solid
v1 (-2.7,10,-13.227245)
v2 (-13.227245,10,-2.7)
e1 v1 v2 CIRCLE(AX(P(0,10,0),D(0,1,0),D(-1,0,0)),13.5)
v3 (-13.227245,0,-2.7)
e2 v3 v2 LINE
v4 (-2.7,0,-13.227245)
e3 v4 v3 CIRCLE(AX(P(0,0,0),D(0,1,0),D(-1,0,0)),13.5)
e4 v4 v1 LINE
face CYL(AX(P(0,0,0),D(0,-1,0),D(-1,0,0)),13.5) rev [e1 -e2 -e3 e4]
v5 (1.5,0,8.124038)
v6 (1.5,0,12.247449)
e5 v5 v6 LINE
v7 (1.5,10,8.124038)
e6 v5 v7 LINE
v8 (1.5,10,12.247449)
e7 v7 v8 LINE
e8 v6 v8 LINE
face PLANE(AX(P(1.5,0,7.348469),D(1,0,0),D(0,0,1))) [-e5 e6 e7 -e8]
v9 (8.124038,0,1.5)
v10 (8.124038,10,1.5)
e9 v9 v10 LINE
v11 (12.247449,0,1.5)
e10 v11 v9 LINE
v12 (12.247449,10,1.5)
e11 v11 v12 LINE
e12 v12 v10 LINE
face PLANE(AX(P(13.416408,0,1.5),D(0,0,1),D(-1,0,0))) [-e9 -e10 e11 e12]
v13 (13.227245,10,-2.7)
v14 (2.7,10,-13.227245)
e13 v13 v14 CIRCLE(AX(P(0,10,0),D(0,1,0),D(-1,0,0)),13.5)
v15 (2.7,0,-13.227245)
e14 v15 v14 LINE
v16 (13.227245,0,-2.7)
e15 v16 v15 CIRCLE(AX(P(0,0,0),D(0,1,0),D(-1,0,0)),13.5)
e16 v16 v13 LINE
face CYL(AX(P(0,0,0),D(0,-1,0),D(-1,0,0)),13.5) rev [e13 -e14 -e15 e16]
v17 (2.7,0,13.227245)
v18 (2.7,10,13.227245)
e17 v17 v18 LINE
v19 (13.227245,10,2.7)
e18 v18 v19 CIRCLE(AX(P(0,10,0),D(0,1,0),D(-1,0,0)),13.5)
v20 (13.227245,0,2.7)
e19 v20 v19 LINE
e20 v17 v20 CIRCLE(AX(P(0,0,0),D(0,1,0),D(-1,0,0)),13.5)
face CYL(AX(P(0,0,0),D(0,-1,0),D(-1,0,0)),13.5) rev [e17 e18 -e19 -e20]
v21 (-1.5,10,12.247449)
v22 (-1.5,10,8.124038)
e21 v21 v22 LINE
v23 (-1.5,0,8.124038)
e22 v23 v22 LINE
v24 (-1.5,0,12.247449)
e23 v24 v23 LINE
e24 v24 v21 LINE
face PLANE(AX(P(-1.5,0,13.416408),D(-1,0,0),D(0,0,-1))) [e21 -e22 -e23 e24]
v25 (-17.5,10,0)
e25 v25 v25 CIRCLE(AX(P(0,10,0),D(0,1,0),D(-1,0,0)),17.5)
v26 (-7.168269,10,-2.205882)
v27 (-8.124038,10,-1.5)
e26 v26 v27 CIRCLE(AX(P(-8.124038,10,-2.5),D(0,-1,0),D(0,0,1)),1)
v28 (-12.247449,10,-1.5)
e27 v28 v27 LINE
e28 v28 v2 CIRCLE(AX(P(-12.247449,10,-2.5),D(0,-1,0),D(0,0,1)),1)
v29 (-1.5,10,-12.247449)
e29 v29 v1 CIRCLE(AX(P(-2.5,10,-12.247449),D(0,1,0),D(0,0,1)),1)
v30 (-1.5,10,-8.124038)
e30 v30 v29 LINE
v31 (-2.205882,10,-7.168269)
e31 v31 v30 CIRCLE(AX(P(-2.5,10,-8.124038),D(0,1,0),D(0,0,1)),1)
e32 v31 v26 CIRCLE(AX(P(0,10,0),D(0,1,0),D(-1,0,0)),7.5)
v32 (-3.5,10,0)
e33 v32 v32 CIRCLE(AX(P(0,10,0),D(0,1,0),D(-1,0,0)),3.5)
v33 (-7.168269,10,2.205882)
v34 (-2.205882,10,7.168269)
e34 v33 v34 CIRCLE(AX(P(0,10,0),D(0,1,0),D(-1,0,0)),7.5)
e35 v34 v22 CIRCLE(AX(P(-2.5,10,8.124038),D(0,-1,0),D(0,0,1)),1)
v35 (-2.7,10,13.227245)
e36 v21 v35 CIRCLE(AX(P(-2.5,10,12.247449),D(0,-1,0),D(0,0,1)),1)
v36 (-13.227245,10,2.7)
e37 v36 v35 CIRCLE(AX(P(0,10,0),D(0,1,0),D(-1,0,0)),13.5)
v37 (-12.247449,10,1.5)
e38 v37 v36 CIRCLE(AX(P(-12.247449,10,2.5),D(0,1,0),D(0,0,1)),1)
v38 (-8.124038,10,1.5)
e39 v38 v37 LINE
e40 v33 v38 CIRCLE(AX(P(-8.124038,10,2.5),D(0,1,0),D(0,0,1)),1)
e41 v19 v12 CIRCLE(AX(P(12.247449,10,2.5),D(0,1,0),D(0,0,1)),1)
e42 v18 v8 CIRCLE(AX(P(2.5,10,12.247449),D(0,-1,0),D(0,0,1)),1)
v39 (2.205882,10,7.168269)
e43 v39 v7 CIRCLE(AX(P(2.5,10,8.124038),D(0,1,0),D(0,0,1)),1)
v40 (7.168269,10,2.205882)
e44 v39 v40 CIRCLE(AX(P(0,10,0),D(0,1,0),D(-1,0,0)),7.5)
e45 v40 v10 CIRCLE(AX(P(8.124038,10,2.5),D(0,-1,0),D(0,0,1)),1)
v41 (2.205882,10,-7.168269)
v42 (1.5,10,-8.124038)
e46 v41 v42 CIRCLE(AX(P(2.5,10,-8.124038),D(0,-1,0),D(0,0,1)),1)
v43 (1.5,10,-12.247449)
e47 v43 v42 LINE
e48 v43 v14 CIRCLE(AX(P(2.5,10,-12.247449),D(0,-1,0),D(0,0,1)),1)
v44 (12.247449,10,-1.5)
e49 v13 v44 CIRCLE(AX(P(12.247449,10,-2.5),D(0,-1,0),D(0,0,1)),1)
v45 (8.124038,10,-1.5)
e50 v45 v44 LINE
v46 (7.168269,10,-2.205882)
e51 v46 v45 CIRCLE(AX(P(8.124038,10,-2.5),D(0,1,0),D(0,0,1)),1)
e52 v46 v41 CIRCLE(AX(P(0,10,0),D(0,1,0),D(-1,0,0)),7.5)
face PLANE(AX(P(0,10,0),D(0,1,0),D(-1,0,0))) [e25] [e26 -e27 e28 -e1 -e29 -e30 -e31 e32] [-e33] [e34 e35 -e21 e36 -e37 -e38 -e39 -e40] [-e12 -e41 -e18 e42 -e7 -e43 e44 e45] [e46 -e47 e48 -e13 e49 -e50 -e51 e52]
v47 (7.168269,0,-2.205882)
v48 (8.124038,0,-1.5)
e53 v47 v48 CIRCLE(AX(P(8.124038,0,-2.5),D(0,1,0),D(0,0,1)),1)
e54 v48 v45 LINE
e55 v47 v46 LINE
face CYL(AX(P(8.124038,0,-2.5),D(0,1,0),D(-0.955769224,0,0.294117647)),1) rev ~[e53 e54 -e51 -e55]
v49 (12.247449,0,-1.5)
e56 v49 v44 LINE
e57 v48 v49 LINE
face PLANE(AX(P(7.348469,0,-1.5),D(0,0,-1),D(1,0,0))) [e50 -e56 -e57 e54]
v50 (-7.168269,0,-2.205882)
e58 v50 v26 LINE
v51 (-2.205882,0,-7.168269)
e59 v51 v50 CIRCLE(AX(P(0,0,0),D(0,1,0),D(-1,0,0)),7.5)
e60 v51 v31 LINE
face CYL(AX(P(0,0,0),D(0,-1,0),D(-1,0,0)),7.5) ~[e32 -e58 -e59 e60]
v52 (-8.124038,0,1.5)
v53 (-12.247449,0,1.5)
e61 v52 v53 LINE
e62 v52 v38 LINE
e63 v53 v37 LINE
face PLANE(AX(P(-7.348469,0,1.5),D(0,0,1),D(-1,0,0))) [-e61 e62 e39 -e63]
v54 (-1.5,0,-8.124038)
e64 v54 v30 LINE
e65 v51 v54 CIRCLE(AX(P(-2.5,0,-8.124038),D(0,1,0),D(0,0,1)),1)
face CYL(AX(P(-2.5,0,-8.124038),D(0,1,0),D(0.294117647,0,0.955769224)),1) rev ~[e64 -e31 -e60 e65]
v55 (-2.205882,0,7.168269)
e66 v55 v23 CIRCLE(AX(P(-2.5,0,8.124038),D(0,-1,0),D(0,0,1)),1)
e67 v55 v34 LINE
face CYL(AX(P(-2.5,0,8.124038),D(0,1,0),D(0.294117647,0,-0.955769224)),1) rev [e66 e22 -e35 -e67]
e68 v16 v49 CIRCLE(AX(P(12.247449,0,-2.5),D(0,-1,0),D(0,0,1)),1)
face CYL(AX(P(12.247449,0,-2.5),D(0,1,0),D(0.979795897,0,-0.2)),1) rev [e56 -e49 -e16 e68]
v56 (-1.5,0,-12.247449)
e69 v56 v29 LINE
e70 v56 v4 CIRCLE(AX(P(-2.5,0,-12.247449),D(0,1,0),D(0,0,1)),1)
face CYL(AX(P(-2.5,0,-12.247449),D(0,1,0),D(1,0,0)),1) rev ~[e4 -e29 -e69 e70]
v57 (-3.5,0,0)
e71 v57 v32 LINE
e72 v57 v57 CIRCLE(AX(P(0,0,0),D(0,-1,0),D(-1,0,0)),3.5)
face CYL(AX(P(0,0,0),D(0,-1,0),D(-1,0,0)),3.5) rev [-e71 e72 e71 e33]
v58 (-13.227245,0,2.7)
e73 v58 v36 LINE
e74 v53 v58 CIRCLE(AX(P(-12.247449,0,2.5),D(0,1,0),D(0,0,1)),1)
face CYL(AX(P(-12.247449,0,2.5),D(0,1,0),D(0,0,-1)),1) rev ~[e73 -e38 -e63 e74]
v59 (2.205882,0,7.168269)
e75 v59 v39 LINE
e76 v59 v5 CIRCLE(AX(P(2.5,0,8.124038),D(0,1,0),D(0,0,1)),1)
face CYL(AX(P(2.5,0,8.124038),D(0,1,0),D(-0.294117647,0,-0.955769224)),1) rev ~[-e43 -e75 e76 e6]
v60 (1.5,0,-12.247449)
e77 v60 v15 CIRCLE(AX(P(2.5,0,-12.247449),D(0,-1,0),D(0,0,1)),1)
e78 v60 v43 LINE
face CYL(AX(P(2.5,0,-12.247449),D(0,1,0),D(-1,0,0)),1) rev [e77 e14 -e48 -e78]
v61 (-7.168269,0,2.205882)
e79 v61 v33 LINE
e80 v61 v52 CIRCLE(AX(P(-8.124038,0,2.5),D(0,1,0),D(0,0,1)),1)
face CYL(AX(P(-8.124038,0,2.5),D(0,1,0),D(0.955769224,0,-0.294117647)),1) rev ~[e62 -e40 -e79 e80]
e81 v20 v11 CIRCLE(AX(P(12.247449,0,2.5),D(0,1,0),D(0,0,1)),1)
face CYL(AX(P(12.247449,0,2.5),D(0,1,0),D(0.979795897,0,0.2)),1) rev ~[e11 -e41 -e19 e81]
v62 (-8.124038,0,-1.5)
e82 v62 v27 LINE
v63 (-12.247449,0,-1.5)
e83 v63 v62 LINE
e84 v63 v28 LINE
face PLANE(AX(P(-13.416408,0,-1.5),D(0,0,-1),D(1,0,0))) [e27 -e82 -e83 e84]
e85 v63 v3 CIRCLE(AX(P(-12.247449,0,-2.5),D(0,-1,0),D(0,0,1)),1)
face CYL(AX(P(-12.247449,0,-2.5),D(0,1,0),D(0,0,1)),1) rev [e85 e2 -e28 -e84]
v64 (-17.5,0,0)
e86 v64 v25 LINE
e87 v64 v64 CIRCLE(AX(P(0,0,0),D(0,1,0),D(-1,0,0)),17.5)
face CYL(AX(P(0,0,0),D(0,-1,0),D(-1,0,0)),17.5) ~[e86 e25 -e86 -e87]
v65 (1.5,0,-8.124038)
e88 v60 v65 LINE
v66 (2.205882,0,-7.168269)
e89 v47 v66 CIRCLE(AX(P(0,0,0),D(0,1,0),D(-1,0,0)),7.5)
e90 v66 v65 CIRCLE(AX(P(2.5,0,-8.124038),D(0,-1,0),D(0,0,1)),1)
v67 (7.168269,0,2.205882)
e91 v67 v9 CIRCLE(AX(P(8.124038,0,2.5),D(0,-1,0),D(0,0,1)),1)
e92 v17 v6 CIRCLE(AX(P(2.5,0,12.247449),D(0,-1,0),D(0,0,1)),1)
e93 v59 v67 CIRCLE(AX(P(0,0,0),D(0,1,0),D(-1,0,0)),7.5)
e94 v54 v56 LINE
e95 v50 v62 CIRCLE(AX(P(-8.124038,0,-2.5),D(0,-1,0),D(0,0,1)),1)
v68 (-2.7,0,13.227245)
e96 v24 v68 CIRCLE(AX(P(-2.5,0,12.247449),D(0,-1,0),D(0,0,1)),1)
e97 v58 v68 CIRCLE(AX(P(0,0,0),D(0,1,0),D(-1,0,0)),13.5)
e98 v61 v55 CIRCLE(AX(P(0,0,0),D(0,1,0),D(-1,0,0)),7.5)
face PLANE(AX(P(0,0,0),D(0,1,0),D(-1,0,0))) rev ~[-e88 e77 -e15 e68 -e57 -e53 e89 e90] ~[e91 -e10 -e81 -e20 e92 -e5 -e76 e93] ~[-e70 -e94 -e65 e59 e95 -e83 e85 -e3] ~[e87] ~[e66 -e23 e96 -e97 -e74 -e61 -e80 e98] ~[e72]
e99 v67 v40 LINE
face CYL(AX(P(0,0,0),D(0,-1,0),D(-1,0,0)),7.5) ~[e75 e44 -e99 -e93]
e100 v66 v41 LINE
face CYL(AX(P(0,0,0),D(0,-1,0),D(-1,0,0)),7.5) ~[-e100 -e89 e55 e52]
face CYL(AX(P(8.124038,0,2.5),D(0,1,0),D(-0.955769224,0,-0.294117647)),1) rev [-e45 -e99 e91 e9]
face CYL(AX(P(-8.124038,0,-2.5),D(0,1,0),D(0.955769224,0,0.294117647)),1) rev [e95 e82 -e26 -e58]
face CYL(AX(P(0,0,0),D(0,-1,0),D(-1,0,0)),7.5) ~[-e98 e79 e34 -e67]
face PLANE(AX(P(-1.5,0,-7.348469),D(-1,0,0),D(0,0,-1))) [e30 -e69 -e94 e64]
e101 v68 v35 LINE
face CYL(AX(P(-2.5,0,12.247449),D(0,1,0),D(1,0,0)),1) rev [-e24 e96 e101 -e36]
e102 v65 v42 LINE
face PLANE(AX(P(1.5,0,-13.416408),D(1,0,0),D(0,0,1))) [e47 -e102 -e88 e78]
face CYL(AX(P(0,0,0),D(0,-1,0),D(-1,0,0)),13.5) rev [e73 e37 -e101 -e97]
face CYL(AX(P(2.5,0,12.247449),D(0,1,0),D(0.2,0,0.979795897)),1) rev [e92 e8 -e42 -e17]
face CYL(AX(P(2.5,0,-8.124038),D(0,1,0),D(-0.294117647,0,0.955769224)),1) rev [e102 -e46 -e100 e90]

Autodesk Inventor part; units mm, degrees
ref_plane "YZ Plane" through (0, 0, 0) normal (1, 0, 0) x (0, 1, 0)
ref_plane "XZ Plane" through (0, 0, 0) normal (0, 1, 0) x (-1, 0, 0)
ref_plane "XY Plane" through (0, 0, 0) normal (0, 0, 1) x (1, 0, 0)
sketch "Sketch1" plane through (0, 0, 0) normal (0, 1, 0) x (-1, 0, 0)
  circle A0 centre (0, 0) radius 3.5
  circle A1 centre (0, 0) radius 17.5
  circle A2 centre (0, 0) radius 7.5
  circle A3 centre (0, 0) radius 13.5
  line L0 (0, 0) -> (17.7641, 0)
  line L1 (15.8821, 1.5) -> (15.8821, -1.5)
  line L2 (15.8821, -1.5) -> (1.8821, -1.5)
  line L3 (1.8821, -1.5) -> (1.8821, 1.5)
  line L4 (1.8821, 1.5) -> (15.8821, 1.5)
  line L5 (15.8821, 1.5) -> (1.8821, -1.5) construction
  line L6 (15.8821, -1.5) -> (1.8821, 1.5) construction
  line L7 (0, 0) -> (8.8821, 0)
  line L8 (-1.5, -15.8821) -> (-1.5, -1.8821)
  line L9 (1.5, -1.8821) -> (1.5, -15.8821)
  line L10 (1.5, -15.8821) -> (-1.5, -15.8821)
  line L11 (-1.5, -1.8821) -> (1.5, -1.8821)
  line L12 (-15.8821, 1.5) -> (-1.8821, 1.5)
  line L13 (-1.8821, -1.5) -> (-15.8821, -1.5)
  line L14 (-15.8821, -1.5) -> (-15.8821, 1.5)
  line L15 (-1.8821, 1.5) -> (-1.8821, -1.5)
  line L16 (1.5, 15.8821) -> (1.5, 1.8821)
  line L17 (-1.5, 1.8821) -> (-1.5, 15.8821)
  line L18 (-1.5, 15.8821) -> (1.5, 15.8821)
  line L19 (1.5, 1.8821) -> (-1.5, 1.8821)
  point P0 (13.4164, -1.5)
  point P1 (1.5, -13.4164)
  point P2 (1.5, -7.3485)
  point P3 (7.3485, -1.5)
  point P4 (7.3485, 1.5)
  point P5 (1.5, 7.3485)
  point P6 (1.5, 13.4164)
  point P7 (13.4164, 1.5)
  point P8 (-1.5, -7.3485)
  point P9 (-1.5, -13.4164)
  point P10 (-13.4164, -1.5)
  point P11 (-7.3485, -1.5)
  point P12 (-7.3485, 1.5)
  point P13 (-13.4164, 1.5)
  point P14 (-1.5, 13.4164)
  point P15 (-1.5, 7.3485)
  dimension "d0" = 7
  dimension "d1" = 35
  dimension "d2" = 4
  dimension "d3" = 4
  dimension "d4" = 3
  dimension "d5" = 14
  dimension "d8" = 360
extrude "Extrusion1" add sketch "Sketch1" along normal blind 10 contours L0 A2 L2 A0 | A0 L4 A2 L0 | A0 L16 A2 L4 | L2 A2 L9 A0 | L0 A3 L2 A2 | A2 L4 A3 L0 | A0 L17 A2 L16 | L9 A2 L8 A0 | A0 L12 A2 L17 | A2 L17 A3 L16 | L4 L1 L0 A3 | A1 | L8 A2 L13 A0 | L9 A3 L8 A2 | A3 L0 L1 L2 | A0 L13 A2 L12 | A3 L17 L18 L16 | L9 L10 L8 A3 | A2 L13 A3 L12 | A3 L13 L14 L12
fillet "Fillet1" radius 1 16 edges at (13.4164, 5, -1.5) (1.5, 5, -13.4164) (1.5, 5, -7.3485) (-1.5, 5, -7.3485) (7.3485, 5, -1.5) (-7.3485, 5, -1.5) (-7.3485, 5, 1.5) (-1.5, 5, 7.3485) (1.5, 5, 7.3485) (7.3485, 5, 1.5) (13.4164, 5, 1.5) (1.5, 5, 13.4164) (-1.5, 5, 13.4164) (-13.4164, 5, 1.5) (-13.4164, 5, -1.5) (-1.5, 5, -13.4164)
properties part number "6_10mm"
